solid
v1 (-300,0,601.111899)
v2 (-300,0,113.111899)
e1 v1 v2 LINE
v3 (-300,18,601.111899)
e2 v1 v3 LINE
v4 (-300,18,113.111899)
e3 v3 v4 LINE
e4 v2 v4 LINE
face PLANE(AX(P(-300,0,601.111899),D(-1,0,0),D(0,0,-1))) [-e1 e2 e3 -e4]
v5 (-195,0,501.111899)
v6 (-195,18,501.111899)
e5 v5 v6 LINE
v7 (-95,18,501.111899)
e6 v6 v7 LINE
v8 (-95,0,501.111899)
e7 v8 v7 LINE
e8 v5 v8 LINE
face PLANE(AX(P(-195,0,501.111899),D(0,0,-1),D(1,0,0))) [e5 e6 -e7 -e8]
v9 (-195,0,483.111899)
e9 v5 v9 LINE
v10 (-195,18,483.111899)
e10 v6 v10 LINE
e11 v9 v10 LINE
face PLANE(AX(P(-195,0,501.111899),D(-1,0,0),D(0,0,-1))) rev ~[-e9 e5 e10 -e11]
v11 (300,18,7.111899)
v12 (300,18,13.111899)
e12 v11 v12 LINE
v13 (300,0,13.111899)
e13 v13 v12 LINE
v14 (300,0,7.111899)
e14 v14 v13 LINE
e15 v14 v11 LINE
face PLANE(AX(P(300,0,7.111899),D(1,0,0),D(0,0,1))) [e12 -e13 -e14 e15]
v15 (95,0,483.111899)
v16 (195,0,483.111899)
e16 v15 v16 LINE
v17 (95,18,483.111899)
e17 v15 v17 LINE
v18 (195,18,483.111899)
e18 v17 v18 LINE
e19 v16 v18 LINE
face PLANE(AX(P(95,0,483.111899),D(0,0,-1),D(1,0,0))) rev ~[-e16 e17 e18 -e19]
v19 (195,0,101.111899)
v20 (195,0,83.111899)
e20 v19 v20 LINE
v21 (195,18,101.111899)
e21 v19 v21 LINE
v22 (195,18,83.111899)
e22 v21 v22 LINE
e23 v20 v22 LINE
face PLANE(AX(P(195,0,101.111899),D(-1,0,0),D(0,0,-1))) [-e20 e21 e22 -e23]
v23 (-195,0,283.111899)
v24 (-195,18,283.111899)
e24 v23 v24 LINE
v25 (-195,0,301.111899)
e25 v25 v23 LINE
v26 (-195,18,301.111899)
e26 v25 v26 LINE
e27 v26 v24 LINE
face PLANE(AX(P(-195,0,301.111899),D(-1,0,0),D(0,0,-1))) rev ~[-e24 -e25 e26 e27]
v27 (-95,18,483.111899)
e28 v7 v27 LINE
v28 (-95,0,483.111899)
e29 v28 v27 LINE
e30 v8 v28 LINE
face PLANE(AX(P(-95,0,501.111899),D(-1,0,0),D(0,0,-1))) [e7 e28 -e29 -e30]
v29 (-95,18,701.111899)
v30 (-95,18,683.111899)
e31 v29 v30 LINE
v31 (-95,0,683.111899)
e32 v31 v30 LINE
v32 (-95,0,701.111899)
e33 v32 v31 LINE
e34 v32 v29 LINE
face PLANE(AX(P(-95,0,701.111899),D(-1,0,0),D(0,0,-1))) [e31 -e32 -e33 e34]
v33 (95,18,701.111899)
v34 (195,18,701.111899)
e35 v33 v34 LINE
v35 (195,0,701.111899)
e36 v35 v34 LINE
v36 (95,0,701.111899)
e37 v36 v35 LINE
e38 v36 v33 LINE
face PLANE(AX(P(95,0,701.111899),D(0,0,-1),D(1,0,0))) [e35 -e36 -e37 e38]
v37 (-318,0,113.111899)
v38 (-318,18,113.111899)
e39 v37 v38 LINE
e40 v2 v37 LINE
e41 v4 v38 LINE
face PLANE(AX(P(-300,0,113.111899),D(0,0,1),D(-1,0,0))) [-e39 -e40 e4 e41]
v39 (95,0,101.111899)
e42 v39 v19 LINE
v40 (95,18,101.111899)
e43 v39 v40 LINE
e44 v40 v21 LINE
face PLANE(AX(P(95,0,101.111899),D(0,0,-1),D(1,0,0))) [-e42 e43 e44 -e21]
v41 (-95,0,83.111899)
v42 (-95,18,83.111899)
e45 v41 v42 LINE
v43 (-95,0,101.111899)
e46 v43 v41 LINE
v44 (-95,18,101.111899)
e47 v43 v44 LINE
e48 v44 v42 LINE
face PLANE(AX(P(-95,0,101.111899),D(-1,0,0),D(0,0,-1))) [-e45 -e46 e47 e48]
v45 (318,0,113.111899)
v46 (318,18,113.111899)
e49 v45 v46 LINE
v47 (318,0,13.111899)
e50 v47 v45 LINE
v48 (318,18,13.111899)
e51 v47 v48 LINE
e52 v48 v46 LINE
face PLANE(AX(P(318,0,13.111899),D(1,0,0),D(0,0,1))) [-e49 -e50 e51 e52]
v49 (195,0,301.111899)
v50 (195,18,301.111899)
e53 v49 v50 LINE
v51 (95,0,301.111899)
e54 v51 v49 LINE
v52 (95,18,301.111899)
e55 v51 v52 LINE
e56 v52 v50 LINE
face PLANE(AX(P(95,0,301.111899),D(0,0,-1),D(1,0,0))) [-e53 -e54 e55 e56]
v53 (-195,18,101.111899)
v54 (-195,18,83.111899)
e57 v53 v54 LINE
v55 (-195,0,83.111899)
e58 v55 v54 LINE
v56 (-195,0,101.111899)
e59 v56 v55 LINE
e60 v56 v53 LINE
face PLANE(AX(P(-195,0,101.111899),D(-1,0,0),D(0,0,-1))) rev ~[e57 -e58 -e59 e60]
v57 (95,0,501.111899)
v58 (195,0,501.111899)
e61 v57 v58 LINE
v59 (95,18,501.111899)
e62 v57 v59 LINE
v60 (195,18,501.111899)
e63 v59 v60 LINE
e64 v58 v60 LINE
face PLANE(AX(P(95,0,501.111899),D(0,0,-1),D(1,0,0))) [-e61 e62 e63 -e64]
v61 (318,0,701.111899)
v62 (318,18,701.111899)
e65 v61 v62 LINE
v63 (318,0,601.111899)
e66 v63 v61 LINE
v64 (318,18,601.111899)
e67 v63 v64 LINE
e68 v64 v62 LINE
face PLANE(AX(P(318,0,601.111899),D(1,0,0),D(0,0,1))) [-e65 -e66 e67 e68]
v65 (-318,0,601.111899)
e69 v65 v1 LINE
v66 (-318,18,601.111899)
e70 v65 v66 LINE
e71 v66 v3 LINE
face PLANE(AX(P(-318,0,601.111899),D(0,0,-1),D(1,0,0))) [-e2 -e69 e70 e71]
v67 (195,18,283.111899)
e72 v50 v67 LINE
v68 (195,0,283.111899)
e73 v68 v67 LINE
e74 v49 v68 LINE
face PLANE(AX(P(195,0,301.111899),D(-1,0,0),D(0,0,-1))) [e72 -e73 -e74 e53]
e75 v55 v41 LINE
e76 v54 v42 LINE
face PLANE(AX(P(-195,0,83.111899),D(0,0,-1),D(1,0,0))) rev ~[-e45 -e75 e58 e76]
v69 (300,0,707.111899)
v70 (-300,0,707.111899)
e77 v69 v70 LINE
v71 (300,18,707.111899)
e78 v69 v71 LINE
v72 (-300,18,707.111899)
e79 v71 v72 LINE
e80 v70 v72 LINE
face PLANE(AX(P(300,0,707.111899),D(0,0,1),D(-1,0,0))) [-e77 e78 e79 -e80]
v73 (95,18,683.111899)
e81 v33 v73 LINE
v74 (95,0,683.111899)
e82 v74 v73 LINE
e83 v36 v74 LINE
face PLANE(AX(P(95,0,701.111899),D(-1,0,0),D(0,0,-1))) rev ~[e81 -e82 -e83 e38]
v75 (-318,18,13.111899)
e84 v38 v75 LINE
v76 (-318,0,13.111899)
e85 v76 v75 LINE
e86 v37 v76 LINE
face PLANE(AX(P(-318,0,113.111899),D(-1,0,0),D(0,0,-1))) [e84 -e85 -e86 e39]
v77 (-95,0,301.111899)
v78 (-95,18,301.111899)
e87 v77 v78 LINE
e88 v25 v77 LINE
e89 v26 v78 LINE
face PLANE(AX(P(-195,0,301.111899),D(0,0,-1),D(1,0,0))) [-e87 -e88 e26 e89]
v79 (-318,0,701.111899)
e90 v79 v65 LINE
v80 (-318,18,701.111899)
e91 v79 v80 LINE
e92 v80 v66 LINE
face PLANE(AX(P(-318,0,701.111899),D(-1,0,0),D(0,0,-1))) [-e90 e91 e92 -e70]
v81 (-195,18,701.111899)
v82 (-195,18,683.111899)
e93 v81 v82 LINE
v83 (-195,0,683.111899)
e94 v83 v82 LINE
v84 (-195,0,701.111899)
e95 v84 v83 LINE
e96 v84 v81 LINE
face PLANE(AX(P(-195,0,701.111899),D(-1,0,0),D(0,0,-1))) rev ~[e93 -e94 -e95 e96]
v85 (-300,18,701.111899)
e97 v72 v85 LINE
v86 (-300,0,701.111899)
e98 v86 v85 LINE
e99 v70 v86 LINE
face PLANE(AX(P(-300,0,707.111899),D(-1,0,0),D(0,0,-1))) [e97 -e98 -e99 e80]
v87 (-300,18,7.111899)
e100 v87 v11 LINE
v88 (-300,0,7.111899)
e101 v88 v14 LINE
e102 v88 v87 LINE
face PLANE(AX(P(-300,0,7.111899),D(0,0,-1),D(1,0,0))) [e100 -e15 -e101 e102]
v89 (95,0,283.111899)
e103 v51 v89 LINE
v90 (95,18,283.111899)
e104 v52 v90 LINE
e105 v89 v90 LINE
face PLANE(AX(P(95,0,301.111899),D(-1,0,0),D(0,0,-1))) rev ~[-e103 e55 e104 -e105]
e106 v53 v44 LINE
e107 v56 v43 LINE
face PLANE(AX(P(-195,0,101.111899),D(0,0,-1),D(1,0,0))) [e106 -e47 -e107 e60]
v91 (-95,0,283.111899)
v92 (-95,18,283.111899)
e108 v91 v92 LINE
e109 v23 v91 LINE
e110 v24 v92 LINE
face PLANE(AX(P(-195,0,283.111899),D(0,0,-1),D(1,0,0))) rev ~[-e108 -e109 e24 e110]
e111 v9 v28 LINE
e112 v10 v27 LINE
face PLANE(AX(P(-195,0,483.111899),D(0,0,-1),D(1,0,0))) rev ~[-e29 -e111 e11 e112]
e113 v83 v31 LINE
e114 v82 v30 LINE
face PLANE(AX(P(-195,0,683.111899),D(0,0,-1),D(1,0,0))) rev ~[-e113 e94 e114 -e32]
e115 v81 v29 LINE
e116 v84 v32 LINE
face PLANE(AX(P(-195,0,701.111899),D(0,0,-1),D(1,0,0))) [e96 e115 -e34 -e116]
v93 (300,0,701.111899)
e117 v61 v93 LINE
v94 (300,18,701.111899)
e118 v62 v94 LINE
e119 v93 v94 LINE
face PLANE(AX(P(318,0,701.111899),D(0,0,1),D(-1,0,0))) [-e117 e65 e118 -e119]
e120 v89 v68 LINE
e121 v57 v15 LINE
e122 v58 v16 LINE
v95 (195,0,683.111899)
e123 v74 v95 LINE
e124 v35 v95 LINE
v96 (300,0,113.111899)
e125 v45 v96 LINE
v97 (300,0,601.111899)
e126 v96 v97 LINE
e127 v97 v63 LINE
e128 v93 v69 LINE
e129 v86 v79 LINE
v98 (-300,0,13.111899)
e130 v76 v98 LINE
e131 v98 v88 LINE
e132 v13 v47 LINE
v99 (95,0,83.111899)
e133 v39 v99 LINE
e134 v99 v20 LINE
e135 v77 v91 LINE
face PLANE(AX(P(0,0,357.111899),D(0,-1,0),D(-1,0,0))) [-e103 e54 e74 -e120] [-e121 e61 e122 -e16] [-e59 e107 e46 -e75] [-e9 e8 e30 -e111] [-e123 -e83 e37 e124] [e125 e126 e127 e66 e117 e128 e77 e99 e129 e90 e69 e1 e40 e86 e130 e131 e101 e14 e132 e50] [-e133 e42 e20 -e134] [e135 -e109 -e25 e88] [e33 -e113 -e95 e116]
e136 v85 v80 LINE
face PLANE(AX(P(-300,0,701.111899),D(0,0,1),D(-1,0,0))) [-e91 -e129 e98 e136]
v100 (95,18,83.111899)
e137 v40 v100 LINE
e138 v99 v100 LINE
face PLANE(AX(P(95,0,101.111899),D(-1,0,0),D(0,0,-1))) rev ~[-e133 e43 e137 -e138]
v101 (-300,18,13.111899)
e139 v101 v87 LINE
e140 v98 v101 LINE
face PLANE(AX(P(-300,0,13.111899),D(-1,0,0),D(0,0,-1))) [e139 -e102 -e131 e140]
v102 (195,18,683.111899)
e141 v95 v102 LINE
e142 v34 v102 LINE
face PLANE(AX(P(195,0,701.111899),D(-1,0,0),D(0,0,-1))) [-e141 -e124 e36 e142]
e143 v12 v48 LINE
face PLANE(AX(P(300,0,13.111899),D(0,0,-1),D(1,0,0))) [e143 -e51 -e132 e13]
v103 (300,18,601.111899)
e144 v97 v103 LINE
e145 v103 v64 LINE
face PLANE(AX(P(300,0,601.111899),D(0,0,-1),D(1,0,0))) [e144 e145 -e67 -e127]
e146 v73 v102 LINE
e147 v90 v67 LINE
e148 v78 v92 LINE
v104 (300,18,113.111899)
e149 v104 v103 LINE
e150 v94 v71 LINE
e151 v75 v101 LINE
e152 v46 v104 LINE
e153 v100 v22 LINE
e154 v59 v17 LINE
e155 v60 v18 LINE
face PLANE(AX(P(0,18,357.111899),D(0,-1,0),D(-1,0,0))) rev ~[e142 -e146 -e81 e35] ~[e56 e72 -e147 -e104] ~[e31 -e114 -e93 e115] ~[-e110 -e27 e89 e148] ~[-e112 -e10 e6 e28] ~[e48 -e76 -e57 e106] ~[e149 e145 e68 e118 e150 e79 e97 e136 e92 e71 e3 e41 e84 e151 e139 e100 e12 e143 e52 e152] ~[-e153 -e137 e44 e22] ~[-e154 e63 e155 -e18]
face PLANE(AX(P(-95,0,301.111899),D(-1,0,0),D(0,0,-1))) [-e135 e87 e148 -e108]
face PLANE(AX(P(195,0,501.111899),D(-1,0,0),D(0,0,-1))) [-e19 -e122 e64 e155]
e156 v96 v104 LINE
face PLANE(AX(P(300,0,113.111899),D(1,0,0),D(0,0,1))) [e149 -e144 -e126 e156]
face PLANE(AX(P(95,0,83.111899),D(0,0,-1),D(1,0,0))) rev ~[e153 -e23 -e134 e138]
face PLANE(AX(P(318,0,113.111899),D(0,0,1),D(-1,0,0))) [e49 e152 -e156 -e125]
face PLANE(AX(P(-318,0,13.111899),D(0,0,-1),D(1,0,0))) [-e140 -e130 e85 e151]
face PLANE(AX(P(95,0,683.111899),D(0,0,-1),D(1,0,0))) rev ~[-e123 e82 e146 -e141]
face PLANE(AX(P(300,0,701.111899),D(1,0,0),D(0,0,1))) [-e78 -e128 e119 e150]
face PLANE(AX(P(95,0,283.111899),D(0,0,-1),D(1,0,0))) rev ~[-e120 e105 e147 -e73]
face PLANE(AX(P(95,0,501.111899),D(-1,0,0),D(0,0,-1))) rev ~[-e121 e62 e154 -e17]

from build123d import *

# Parameters (mm, degrees)
SKETCH1_W           = 100
SKETCH1_H           = 18
BOSS_EXTRUDE1_DEPTH = 18


with BuildPart() as part:
    # Sketch1 → Boss-Extrude1 (new body)
    with BuildSketch(Plane(origin=(0, 0, 0), x_dir=(1, 0, 0), z_dir=(0, 1, 0))):
        Polygon((-300, -7.111898923), (300, -7.111898923), (300, -13.111898923), (318, -13.111898923), (318, -113.111898923), (300, -113.111898923), (300, -601.111898923), (318, -601.111898923), (318, -701.111898923), (300, -701.111898923), (300, -707.111898923), (-300, -707.111898923), (-300, -701.111898923), (-318, -701.111898923), (-318, -601.111898923), (-300, -601.111898923), (-300, -113.111898923), (-318, -113.111898923), (-318, -13.111898923), (-300, -13.111898923), align=None)
        with Locations((-145, -692.111898923)):
            Rectangle(SKETCH1_W, SKETCH1_H, mode=Mode.SUBTRACT)
        with Locations((145, -692.111898923)):
            Rectangle(SKETCH1_W, SKETCH1_H, mode=Mode.SUBTRACT)
        with Locations((145, -492.111898923)):
            Rectangle(SKETCH1_W, SKETCH1_H, mode=Mode.SUBTRACT)
        with Locations((-145, -492.111898923)):
            Rectangle(SKETCH1_W, SKETCH1_H, mode=Mode.SUBTRACT)
        with Locations((145, -292.111898923)):
            Rectangle(SKETCH1_W, SKETCH1_H, mode=Mode.SUBTRACT)
        with Locations((-145, -292.111898923)):
            Rectangle(SKETCH1_W, SKETCH1_H, mode=Mode.SUBTRACT)
        with Locations((145, -92.111898923)):
            Rectangle(SKETCH1_W, SKETCH1_H, mode=Mode.SUBTRACT)
        with Locations((-145, -92.111898923)):
            Rectangle(SKETCH1_W, SKETCH1_H, mode=Mode.SUBTRACT)
    extrude(amount=BOSS_EXTRUDE1_DEPTH)


solid = part.part
